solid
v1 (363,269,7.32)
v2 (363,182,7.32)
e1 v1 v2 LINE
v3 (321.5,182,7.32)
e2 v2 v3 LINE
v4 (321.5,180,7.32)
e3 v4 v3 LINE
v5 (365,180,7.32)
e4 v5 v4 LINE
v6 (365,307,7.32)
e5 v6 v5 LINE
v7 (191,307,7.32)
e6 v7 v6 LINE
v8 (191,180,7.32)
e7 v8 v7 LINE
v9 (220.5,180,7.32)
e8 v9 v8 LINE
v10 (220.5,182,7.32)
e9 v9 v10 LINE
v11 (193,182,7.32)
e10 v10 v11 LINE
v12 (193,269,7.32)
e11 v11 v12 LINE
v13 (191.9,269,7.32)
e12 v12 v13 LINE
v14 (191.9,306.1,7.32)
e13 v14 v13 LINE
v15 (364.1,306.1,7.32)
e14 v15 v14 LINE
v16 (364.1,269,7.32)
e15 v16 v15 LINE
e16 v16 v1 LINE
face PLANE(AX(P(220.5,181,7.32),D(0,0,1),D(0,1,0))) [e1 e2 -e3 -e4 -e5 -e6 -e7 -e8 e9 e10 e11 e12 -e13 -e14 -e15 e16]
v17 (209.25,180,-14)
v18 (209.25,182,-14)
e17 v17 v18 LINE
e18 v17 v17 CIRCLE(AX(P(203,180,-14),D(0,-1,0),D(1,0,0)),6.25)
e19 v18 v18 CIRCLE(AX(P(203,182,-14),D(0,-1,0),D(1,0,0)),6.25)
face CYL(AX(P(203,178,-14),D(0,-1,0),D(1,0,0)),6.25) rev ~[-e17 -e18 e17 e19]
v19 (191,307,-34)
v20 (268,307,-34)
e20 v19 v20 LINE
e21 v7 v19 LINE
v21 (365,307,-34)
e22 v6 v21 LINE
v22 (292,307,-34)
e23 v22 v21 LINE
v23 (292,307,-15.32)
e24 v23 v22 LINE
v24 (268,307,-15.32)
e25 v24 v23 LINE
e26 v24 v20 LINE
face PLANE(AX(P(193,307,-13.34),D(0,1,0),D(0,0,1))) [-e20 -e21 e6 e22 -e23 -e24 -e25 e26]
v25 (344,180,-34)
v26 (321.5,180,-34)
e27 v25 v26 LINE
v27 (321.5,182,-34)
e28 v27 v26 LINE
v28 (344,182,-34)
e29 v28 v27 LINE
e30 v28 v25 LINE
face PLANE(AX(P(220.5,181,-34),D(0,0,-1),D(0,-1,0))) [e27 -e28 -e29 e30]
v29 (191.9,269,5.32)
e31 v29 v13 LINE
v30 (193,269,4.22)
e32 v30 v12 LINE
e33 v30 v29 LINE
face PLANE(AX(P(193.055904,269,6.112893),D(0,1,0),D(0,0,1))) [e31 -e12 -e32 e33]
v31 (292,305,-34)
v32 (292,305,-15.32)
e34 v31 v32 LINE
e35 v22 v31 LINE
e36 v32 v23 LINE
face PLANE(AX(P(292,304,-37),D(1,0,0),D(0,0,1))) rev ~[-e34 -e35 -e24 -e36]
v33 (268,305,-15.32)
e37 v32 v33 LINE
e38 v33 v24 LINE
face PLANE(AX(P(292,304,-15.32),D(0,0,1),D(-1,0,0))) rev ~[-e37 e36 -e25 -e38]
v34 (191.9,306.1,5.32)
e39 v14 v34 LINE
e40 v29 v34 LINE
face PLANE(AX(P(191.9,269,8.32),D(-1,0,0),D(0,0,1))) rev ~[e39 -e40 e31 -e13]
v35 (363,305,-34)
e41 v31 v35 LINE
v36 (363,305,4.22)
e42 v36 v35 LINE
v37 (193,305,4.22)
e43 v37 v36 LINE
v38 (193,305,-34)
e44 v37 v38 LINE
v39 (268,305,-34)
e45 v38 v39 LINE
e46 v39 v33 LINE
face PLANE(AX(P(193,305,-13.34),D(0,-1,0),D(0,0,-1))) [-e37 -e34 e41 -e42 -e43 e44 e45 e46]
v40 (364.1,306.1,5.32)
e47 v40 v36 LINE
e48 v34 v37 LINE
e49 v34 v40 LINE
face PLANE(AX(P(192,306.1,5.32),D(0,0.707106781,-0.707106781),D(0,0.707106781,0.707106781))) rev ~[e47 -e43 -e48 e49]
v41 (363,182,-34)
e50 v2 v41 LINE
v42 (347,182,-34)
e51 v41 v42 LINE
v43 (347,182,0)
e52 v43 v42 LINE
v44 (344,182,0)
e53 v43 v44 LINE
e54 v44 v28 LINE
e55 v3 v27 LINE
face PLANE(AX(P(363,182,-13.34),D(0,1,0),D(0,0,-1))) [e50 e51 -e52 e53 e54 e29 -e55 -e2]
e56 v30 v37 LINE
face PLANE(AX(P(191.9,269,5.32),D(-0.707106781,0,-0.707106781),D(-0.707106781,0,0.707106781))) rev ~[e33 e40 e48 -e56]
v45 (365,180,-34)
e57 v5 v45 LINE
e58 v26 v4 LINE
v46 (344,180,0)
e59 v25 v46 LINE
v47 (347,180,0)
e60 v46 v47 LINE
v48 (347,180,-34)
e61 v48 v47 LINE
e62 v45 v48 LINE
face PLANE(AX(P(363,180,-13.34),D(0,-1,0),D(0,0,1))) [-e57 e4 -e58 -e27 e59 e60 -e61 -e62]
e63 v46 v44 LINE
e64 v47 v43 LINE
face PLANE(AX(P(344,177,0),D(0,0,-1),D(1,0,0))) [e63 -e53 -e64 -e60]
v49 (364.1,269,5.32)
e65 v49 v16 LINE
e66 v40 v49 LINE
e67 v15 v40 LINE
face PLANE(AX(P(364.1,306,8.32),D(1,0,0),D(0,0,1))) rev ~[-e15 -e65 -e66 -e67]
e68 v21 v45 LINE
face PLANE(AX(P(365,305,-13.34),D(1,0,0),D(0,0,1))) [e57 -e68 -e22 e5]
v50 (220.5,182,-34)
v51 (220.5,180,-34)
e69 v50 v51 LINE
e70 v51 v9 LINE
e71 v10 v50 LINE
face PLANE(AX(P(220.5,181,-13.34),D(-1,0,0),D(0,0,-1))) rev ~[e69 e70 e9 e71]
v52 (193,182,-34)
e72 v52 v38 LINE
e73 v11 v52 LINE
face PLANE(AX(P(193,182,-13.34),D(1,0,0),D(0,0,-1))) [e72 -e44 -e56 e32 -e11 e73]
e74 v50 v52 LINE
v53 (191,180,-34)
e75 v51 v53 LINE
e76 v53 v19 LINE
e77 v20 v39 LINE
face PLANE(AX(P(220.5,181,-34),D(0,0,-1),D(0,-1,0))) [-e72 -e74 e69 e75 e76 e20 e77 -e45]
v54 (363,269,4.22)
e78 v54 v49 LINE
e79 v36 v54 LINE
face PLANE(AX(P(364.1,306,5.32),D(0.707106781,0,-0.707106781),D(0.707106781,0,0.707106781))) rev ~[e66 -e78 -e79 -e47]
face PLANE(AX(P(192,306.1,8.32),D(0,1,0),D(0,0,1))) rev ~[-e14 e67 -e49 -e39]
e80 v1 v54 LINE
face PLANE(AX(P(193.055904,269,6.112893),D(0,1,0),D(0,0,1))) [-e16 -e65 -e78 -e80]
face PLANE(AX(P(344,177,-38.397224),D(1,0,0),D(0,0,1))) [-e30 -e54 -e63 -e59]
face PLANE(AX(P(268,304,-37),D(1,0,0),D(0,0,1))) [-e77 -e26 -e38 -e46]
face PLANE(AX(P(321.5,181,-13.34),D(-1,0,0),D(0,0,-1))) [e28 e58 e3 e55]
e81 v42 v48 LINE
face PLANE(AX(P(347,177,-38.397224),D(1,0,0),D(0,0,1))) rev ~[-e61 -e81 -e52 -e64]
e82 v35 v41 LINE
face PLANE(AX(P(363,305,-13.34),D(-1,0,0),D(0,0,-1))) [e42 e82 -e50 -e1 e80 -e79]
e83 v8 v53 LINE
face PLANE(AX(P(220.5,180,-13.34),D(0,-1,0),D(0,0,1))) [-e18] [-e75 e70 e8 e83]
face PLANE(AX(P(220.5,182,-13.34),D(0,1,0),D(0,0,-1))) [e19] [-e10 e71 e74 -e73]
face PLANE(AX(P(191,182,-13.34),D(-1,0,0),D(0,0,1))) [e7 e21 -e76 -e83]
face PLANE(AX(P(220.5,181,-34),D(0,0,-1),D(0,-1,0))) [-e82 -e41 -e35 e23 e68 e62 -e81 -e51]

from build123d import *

# Parameters (mm, degrees)
SKETCH147_W      = 3
SKETCH147_H      = 38.397224
EXTRUDE135_DEPTH = 7
SKETCH155_W      = 172
SKETCH155_H      = 37
EXTRUDE141_DEPTH = 3
SKETCH157_W      = 24
SKETCH157_H      = 21.68
EXTRUDE143_DEPTH = 4
SKETCH135_R      = 6.25
EXTRUDE123_DEPTH = 5
SKETCH_W         = 2
SKETCH_H         = 41.32


with BuildPart() as extrude135:
    # Sketch147 → Extrude135 (new body)
    with BuildSketch(Plane(origin=(0, 177, -3), x_dir=(1, 0, 0), z_dir=(0, -1, 0))):
        with Locations((345.5, -16.198612)):
            Rectangle(SKETCH147_W, SKETCH147_H)
    extrude(amount=-EXTRUDE135_DEPTH)


with BuildPart() as clamshell001:
    # Sketch155 → Extrude141 (new body)
    with BuildSketch(Plane.XY.offset(5.32)):
        with Locations((278, 287.5)):
            Rectangle(SKETCH155_W, SKETCH155_H)
    extrude(amount=EXTRUDE141_DEPTH)


with BuildPart() as extrude143:
    # Sketch157 → Extrude143 (new body)
    with BuildSketch(Plane(origin=(0, 304, 0), x_dir=(-1, 0, 0), z_dir=(0, 1, 0))):
        with Locations((-280, -26.16)):
            Rectangle(SKETCH157_W, SKETCH157_H)
    extrude(amount=EXTRUDE143_DEPTH)


with BuildPart() as clamshell002:
    # Sweep002: sweep along a path in Sketch166
    with BuildLine(Plane.XY.offset(6)) as sweep002_path:
        Line((192, 269), (192, 306))
        Line((192, 306), (364, 306))
        Line((364, 306), (364, 269))
    # Sketch165 → Sweep002 (sweep)
    with BuildSketch(Plane.YZ.offset(230)):
        Polygon((306.1, 5.32), (304.1, 3.32), (304.1, 8.32), (306.1, 8.32), align=None)
    sweep(path=sweep002_path.line, transition=Transition.RIGHT)


with BuildPart() as compound028:
    # Sketch135 → Extrude123 (new body)
    with BuildSketch(Plane.XZ.offset(-178)):
        with Locations((203, -14)):
            Circle(SKETCH135_R)
    extrude(amount=-EXTRUDE123_DEPTH)

    # Compound028: union Extrude135, clamshell001, Extrude143, clamshell002
    add(extrude135.part)
    add(clamshell001.part)
    add(extrude143.part)
    add(clamshell002.part)


with BuildPart() as walls:
    # Sweep: sweep along a path in Sketch133
    with BuildLine(Plane(origin=(0, 0, 5.32), x_dir=(1, 0, 0), z_dir=(0, 0, -1))) as sweep_path:
        Line((220.5, -182), (193, -182))
        Line((193, -182), (193, -305))
        Line((193, -305), (363, -305))
        Line((363, -305), (363, -182))
        Line((363, -182), (321.5, -182))
    # Sketch → Sweep (sweep)
    with BuildSketch(Plane(origin=(194, 0, 0), x_dir=(0, -1, 0), z_dir=(-1, 0, 0))):
        with Locations((-181, -13.34)):
            Rectangle(SKETCH_W, SKETCH_H)
    sweep(path=sweep_path.line, transition=Transition.RIGHT)

    # Cut: cut Compound028
    add(compound028.part, mode=Mode.SUBTRACT)


solid = walls.part
